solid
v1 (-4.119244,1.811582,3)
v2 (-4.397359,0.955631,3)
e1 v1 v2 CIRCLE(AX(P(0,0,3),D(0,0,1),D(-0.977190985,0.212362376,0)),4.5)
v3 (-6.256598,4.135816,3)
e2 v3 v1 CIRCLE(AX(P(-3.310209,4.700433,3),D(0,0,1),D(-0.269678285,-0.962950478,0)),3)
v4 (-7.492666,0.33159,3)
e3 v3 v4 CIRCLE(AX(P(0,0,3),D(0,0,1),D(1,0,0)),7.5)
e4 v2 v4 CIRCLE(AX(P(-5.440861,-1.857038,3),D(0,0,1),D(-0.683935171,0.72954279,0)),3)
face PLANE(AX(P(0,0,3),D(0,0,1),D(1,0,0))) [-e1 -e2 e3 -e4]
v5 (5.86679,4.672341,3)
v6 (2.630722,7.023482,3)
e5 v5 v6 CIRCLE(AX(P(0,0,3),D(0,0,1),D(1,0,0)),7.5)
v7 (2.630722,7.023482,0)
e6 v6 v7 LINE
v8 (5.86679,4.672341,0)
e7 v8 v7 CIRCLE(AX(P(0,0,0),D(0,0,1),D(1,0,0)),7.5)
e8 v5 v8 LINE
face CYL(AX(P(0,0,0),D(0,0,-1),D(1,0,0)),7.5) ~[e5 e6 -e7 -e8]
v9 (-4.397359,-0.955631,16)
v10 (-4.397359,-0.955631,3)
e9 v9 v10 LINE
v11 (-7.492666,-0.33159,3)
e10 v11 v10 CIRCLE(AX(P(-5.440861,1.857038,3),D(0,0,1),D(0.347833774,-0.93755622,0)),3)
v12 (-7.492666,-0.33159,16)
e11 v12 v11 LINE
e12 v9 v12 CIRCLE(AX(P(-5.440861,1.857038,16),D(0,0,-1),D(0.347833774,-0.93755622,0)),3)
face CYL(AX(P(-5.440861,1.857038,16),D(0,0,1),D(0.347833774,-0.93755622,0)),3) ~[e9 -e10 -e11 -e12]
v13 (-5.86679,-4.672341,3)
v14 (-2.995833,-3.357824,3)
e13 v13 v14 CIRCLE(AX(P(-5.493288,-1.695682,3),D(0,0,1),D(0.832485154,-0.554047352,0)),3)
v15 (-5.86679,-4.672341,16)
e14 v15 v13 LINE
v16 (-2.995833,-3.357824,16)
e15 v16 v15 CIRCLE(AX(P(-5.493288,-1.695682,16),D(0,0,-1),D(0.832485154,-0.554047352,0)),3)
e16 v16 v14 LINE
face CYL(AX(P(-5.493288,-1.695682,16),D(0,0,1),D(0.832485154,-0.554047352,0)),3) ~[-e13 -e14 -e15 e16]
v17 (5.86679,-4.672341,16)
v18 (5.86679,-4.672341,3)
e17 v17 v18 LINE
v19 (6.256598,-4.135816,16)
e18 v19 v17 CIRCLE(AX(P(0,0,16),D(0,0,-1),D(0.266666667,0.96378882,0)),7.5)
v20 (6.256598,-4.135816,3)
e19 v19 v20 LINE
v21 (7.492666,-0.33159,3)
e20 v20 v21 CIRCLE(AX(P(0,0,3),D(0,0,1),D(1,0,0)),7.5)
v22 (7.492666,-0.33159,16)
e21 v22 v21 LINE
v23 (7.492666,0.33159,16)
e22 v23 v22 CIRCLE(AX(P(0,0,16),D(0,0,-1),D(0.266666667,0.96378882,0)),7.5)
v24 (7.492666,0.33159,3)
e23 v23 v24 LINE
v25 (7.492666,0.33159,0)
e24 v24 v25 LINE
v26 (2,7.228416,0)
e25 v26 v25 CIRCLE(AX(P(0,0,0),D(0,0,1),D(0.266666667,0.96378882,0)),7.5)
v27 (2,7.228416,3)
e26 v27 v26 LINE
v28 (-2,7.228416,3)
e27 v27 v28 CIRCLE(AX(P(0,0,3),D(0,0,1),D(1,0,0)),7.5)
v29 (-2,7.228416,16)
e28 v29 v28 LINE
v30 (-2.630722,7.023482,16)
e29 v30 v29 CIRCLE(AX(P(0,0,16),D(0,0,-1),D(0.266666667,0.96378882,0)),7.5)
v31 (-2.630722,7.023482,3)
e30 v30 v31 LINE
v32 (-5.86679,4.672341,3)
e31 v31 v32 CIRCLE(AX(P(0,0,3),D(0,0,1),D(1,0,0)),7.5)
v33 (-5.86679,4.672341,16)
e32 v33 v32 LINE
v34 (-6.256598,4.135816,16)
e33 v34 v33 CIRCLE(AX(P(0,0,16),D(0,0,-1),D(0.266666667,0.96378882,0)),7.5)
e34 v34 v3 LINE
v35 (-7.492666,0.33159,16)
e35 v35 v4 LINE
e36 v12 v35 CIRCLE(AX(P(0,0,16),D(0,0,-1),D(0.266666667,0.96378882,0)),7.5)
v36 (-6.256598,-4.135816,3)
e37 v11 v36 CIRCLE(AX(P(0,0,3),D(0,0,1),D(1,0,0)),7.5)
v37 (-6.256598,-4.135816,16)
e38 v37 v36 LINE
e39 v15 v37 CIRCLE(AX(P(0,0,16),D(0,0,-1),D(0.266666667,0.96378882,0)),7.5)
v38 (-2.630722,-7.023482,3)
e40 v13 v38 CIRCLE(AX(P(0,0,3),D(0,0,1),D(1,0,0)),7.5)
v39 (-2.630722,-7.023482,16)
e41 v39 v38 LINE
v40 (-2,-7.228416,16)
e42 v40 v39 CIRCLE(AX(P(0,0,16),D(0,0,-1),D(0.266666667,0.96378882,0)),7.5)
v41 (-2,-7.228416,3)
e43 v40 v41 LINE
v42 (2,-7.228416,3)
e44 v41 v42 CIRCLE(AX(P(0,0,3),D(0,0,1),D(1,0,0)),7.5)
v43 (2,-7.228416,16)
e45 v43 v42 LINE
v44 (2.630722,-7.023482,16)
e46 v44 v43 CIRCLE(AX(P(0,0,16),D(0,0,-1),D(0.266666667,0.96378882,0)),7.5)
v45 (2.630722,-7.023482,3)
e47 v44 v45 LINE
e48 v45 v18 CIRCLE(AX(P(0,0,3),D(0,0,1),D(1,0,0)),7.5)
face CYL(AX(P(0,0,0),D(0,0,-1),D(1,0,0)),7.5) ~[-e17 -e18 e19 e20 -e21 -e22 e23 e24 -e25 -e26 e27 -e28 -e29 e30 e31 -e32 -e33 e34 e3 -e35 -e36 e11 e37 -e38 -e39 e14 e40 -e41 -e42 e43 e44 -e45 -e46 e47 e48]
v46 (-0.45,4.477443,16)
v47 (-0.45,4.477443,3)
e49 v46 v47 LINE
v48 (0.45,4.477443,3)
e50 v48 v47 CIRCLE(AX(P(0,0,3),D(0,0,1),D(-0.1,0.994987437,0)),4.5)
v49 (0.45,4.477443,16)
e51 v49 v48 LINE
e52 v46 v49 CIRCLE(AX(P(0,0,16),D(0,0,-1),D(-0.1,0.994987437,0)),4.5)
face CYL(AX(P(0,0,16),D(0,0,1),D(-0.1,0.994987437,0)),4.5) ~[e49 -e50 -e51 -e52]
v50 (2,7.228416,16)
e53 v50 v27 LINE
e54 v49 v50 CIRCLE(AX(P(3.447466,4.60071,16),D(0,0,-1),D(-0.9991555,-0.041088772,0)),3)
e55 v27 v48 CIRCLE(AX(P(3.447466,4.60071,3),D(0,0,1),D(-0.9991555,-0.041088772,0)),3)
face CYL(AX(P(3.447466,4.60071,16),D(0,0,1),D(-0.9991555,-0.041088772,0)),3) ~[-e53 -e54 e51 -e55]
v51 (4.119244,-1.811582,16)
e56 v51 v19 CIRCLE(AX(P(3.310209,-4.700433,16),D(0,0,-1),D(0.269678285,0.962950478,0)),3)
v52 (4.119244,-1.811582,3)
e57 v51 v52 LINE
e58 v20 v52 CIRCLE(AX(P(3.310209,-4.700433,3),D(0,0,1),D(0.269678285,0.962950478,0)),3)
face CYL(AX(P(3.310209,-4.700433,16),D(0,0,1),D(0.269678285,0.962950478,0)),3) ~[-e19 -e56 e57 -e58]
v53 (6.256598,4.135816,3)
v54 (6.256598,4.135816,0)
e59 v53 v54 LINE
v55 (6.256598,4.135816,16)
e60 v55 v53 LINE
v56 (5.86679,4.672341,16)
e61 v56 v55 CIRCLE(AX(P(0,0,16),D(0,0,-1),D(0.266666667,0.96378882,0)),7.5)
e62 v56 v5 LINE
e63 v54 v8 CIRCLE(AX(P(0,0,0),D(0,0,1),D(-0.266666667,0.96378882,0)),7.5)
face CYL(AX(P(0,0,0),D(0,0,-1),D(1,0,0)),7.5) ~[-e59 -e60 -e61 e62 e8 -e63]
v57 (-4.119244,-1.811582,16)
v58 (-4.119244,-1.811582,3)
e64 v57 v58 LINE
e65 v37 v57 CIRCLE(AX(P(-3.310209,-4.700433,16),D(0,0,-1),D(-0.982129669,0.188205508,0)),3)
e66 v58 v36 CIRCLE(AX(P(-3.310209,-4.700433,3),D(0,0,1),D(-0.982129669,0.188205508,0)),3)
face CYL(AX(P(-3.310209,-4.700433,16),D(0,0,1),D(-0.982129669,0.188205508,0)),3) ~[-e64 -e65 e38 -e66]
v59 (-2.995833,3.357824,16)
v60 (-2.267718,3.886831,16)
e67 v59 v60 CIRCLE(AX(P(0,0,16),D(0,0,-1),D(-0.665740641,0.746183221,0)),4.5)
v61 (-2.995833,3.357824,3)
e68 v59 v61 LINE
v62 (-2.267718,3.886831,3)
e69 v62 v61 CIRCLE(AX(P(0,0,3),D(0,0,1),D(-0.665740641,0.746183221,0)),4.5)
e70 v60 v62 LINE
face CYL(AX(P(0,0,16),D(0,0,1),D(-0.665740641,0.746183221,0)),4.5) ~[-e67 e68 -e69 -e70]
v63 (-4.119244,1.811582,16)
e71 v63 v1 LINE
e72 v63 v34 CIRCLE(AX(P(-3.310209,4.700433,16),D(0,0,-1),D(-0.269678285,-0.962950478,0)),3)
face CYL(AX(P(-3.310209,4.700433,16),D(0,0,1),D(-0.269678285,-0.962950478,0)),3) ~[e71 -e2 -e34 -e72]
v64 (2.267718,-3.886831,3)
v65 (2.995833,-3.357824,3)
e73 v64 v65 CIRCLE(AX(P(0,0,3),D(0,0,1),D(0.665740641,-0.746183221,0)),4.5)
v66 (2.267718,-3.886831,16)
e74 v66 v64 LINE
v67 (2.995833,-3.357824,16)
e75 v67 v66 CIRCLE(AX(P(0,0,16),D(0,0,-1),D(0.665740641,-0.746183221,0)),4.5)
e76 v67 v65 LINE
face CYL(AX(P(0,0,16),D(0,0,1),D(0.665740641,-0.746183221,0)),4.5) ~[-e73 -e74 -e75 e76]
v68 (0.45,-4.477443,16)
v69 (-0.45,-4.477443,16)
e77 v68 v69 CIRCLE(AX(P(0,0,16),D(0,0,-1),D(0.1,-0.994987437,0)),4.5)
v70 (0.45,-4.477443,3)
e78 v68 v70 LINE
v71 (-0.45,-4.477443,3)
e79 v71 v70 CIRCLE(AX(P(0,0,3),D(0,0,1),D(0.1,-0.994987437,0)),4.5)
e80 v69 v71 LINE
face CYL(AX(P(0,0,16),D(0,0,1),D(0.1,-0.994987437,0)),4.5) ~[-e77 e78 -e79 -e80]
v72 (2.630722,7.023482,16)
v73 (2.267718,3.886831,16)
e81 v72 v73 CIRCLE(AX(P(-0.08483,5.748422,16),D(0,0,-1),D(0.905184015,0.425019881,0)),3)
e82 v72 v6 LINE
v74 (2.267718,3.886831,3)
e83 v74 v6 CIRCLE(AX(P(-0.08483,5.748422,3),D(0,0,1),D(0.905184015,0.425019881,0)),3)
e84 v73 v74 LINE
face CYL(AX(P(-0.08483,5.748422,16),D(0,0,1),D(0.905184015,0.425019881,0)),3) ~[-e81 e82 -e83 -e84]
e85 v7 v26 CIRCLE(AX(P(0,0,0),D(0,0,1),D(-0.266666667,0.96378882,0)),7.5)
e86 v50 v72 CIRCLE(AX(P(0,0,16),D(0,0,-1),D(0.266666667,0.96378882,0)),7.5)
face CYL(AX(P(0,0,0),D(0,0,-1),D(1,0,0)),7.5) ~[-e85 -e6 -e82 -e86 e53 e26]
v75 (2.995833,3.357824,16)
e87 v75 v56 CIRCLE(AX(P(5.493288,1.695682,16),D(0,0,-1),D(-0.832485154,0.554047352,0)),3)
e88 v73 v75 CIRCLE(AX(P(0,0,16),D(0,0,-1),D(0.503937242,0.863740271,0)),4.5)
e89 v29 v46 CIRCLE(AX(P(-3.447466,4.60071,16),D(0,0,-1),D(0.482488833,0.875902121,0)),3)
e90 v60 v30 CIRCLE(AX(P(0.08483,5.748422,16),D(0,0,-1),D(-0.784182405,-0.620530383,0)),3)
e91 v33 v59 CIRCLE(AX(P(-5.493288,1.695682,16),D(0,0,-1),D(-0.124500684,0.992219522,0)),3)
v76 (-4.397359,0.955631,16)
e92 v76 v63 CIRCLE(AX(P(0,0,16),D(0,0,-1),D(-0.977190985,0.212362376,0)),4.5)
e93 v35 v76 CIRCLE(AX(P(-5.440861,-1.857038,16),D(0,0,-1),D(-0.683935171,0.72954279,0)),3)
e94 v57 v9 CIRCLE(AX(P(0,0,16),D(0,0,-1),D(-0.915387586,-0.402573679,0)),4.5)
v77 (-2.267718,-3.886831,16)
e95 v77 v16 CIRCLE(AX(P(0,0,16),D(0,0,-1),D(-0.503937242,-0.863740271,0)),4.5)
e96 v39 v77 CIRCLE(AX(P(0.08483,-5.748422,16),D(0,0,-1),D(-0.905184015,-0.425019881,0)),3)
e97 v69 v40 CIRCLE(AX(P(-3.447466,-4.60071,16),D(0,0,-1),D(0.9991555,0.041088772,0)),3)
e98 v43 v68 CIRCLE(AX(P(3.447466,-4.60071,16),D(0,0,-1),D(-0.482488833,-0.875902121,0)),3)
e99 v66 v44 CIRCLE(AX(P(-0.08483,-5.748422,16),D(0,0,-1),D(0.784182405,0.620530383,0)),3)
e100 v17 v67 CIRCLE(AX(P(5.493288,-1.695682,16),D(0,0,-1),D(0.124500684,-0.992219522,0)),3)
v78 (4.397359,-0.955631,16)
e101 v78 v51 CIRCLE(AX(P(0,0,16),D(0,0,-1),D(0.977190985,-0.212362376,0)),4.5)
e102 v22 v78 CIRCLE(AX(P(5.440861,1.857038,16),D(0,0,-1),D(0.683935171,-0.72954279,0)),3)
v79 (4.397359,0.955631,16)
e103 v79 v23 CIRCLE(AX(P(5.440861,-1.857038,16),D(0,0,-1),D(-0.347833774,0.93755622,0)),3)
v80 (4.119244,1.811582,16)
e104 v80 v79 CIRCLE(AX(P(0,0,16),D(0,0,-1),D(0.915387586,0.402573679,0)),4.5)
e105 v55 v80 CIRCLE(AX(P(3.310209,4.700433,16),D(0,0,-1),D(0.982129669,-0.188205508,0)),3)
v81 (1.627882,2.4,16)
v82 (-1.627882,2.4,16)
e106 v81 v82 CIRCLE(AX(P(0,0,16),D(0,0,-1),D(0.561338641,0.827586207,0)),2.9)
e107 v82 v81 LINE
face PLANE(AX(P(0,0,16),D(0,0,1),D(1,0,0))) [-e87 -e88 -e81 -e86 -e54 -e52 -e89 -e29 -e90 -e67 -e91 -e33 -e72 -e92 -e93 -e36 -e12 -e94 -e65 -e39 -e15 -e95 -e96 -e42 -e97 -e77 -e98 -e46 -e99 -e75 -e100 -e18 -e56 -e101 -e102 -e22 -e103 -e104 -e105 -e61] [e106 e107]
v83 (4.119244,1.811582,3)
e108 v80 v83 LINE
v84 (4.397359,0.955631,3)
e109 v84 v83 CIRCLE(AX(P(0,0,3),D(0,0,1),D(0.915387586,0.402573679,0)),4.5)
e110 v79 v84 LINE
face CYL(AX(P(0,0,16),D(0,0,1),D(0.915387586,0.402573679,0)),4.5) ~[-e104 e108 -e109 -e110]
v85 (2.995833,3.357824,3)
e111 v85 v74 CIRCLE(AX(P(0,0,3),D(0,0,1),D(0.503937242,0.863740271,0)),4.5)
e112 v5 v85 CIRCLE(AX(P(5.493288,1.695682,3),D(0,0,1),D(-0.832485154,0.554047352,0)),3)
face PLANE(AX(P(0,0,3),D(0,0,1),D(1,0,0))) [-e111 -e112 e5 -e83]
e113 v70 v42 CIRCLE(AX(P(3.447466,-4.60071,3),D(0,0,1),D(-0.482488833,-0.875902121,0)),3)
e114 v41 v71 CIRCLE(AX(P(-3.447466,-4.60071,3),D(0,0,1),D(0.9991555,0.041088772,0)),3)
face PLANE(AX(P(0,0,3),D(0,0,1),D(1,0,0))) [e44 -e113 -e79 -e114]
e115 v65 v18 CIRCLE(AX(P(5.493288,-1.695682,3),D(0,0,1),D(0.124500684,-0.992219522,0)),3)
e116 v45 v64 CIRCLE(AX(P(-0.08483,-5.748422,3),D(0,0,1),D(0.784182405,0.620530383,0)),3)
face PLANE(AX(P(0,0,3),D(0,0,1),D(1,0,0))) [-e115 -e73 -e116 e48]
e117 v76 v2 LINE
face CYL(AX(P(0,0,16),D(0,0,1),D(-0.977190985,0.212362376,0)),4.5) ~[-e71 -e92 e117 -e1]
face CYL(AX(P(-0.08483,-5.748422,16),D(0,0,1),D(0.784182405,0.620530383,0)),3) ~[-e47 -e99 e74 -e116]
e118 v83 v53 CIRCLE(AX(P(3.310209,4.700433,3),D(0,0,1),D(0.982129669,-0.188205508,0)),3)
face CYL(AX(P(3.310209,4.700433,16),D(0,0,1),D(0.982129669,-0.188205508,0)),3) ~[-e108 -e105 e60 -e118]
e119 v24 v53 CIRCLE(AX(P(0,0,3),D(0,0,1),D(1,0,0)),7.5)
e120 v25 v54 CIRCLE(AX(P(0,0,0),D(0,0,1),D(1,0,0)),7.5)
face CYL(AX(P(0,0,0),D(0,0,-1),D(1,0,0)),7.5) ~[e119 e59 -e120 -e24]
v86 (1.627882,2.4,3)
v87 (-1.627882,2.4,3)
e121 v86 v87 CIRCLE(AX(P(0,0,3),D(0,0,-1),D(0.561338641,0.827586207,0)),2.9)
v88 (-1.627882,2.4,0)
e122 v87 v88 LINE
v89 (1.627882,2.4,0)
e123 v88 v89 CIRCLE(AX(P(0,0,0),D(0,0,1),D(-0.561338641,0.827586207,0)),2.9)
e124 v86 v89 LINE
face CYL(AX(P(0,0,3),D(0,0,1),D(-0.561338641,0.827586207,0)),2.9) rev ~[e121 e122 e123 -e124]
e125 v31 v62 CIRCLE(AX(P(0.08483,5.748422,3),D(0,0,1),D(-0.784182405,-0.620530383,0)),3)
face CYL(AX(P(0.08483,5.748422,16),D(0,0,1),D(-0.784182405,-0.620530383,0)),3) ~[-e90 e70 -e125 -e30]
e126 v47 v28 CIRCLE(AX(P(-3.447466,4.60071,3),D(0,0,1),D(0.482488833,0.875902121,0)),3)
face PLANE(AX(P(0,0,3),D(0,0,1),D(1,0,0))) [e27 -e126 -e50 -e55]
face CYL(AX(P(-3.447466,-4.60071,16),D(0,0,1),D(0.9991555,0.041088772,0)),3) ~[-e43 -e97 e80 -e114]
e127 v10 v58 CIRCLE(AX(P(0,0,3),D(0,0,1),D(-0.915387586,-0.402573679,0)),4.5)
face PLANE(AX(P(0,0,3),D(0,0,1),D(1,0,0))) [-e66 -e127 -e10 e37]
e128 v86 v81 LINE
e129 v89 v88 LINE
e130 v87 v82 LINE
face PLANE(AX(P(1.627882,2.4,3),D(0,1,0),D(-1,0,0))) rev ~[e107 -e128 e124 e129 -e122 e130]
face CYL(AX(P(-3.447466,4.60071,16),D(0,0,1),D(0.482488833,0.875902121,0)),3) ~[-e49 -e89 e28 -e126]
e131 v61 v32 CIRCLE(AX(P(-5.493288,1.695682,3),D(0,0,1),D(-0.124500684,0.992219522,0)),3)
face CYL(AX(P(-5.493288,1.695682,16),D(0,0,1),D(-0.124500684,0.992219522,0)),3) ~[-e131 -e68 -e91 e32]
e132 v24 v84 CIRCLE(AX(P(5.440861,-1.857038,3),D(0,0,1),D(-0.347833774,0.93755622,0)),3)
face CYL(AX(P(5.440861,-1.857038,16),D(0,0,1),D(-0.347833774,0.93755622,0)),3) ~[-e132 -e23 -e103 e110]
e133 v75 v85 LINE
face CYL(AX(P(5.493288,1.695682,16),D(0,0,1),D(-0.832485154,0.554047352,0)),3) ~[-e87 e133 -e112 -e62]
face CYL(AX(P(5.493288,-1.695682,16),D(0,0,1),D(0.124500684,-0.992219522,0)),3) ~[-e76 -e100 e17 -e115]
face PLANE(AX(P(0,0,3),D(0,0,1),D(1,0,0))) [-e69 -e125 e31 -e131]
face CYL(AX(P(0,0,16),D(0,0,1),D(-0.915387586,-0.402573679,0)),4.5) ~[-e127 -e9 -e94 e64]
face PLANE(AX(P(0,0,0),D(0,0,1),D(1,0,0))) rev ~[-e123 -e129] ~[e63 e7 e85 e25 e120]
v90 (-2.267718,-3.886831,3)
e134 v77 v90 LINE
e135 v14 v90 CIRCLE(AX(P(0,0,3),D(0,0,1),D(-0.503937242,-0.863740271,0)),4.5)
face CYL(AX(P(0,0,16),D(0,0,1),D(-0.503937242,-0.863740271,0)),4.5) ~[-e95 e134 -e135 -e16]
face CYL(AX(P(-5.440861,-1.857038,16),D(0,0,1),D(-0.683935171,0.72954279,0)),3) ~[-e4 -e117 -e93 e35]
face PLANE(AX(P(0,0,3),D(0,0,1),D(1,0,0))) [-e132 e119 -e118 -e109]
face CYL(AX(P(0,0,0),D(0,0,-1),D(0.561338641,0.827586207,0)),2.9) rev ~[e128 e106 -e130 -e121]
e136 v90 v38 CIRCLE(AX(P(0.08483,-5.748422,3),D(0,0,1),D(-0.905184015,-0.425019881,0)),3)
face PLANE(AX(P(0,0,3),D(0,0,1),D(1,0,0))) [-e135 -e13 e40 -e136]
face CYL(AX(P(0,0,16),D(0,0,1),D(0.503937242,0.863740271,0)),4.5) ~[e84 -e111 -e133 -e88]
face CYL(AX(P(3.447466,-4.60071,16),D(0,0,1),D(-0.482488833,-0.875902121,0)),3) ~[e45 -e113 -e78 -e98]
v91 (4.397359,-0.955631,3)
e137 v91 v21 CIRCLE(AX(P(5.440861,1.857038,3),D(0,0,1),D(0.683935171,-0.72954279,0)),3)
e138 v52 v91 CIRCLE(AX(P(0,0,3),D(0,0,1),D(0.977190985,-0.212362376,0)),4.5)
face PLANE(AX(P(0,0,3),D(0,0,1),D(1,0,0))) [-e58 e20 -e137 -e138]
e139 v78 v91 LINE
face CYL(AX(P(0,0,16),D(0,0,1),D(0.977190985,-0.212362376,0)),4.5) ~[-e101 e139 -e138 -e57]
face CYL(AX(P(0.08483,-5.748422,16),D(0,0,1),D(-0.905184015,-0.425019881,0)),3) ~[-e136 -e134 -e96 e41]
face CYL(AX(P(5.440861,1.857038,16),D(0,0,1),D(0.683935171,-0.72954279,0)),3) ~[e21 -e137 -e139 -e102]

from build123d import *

# Parameters (mm, degrees)
F0_R     = 7.5
F1_DEPTH = 16
F3_DEPTH = 16
F4_COUNT = 10
F5_R     = 7.5
F6_DEPTH = 3
F8_DEPTH = 3


with BuildPart() as f1:
    # F0 (on Top) → F1 (new body)
    with BuildSketch(Plane.XY):
        Circle(F0_R)
        with BuildLine():
            ThreePointArc((1.6278820596, 2.4), (0, -2.9), (-1.6278820596, 2.4))
            Line((-1.6278820596, 2.4), (1.6278820596, 2.4))
        make_face(mode=Mode.SUBTRACT)
    extrude(amount=F1_DEPTH)

    # F2 (on face) → F3 (cut, through all)
    with BuildSketch(Plane.XY.offset(16)):
        with BuildLine():
            ThreePointArc((0.45, 4.477443467), (0.833787098, 6.0733536603), (2, 7.2284161474))
            ThreePointArc((2, 7.2284161474), (0, 7.5), (-2, 7.2284161474))
            ThreePointArc((-2, 7.2284161474), (-0.833787098, 6.0733536603), (-0.45, 4.477443467))
            ThreePointArc((-0.45, 4.477443467), (0, 4.5), (0.45, 4.477443467))
        make_face()
    f3 = extrude(amount=-F3_DEPTH, mode=Mode.SUBTRACT)

    # F4: F3 ×10 about axis
    f4_axis = Axis((0, 0, 0), (0, 0, -1))
    for i in range(1, F4_COUNT):
        add(f3.rotate(f4_axis, i * 360 / F4_COUNT), mode=Mode.SUBTRACT)

    # F5 (on Top) → F6 (join)
    with BuildSketch(Plane.XY):
        Circle(F5_R)
    extrude(amount=F6_DEPTH)

    # F7 (on face) → F8 (cut, through all)
    with BuildSketch(Plane.XY.offset(3)):
        with BuildLine():
            Line((1.6278820596, 2.4), (-1.6278820596, 2.4))
            ThreePointArc((-1.6278820596, 2.4), (0, -2.9), (1.6278820596, 2.4))
        make_face()
    extrude(amount=-F8_DEPTH, mode=Mode.SUBTRACT)


solid = f1.part
